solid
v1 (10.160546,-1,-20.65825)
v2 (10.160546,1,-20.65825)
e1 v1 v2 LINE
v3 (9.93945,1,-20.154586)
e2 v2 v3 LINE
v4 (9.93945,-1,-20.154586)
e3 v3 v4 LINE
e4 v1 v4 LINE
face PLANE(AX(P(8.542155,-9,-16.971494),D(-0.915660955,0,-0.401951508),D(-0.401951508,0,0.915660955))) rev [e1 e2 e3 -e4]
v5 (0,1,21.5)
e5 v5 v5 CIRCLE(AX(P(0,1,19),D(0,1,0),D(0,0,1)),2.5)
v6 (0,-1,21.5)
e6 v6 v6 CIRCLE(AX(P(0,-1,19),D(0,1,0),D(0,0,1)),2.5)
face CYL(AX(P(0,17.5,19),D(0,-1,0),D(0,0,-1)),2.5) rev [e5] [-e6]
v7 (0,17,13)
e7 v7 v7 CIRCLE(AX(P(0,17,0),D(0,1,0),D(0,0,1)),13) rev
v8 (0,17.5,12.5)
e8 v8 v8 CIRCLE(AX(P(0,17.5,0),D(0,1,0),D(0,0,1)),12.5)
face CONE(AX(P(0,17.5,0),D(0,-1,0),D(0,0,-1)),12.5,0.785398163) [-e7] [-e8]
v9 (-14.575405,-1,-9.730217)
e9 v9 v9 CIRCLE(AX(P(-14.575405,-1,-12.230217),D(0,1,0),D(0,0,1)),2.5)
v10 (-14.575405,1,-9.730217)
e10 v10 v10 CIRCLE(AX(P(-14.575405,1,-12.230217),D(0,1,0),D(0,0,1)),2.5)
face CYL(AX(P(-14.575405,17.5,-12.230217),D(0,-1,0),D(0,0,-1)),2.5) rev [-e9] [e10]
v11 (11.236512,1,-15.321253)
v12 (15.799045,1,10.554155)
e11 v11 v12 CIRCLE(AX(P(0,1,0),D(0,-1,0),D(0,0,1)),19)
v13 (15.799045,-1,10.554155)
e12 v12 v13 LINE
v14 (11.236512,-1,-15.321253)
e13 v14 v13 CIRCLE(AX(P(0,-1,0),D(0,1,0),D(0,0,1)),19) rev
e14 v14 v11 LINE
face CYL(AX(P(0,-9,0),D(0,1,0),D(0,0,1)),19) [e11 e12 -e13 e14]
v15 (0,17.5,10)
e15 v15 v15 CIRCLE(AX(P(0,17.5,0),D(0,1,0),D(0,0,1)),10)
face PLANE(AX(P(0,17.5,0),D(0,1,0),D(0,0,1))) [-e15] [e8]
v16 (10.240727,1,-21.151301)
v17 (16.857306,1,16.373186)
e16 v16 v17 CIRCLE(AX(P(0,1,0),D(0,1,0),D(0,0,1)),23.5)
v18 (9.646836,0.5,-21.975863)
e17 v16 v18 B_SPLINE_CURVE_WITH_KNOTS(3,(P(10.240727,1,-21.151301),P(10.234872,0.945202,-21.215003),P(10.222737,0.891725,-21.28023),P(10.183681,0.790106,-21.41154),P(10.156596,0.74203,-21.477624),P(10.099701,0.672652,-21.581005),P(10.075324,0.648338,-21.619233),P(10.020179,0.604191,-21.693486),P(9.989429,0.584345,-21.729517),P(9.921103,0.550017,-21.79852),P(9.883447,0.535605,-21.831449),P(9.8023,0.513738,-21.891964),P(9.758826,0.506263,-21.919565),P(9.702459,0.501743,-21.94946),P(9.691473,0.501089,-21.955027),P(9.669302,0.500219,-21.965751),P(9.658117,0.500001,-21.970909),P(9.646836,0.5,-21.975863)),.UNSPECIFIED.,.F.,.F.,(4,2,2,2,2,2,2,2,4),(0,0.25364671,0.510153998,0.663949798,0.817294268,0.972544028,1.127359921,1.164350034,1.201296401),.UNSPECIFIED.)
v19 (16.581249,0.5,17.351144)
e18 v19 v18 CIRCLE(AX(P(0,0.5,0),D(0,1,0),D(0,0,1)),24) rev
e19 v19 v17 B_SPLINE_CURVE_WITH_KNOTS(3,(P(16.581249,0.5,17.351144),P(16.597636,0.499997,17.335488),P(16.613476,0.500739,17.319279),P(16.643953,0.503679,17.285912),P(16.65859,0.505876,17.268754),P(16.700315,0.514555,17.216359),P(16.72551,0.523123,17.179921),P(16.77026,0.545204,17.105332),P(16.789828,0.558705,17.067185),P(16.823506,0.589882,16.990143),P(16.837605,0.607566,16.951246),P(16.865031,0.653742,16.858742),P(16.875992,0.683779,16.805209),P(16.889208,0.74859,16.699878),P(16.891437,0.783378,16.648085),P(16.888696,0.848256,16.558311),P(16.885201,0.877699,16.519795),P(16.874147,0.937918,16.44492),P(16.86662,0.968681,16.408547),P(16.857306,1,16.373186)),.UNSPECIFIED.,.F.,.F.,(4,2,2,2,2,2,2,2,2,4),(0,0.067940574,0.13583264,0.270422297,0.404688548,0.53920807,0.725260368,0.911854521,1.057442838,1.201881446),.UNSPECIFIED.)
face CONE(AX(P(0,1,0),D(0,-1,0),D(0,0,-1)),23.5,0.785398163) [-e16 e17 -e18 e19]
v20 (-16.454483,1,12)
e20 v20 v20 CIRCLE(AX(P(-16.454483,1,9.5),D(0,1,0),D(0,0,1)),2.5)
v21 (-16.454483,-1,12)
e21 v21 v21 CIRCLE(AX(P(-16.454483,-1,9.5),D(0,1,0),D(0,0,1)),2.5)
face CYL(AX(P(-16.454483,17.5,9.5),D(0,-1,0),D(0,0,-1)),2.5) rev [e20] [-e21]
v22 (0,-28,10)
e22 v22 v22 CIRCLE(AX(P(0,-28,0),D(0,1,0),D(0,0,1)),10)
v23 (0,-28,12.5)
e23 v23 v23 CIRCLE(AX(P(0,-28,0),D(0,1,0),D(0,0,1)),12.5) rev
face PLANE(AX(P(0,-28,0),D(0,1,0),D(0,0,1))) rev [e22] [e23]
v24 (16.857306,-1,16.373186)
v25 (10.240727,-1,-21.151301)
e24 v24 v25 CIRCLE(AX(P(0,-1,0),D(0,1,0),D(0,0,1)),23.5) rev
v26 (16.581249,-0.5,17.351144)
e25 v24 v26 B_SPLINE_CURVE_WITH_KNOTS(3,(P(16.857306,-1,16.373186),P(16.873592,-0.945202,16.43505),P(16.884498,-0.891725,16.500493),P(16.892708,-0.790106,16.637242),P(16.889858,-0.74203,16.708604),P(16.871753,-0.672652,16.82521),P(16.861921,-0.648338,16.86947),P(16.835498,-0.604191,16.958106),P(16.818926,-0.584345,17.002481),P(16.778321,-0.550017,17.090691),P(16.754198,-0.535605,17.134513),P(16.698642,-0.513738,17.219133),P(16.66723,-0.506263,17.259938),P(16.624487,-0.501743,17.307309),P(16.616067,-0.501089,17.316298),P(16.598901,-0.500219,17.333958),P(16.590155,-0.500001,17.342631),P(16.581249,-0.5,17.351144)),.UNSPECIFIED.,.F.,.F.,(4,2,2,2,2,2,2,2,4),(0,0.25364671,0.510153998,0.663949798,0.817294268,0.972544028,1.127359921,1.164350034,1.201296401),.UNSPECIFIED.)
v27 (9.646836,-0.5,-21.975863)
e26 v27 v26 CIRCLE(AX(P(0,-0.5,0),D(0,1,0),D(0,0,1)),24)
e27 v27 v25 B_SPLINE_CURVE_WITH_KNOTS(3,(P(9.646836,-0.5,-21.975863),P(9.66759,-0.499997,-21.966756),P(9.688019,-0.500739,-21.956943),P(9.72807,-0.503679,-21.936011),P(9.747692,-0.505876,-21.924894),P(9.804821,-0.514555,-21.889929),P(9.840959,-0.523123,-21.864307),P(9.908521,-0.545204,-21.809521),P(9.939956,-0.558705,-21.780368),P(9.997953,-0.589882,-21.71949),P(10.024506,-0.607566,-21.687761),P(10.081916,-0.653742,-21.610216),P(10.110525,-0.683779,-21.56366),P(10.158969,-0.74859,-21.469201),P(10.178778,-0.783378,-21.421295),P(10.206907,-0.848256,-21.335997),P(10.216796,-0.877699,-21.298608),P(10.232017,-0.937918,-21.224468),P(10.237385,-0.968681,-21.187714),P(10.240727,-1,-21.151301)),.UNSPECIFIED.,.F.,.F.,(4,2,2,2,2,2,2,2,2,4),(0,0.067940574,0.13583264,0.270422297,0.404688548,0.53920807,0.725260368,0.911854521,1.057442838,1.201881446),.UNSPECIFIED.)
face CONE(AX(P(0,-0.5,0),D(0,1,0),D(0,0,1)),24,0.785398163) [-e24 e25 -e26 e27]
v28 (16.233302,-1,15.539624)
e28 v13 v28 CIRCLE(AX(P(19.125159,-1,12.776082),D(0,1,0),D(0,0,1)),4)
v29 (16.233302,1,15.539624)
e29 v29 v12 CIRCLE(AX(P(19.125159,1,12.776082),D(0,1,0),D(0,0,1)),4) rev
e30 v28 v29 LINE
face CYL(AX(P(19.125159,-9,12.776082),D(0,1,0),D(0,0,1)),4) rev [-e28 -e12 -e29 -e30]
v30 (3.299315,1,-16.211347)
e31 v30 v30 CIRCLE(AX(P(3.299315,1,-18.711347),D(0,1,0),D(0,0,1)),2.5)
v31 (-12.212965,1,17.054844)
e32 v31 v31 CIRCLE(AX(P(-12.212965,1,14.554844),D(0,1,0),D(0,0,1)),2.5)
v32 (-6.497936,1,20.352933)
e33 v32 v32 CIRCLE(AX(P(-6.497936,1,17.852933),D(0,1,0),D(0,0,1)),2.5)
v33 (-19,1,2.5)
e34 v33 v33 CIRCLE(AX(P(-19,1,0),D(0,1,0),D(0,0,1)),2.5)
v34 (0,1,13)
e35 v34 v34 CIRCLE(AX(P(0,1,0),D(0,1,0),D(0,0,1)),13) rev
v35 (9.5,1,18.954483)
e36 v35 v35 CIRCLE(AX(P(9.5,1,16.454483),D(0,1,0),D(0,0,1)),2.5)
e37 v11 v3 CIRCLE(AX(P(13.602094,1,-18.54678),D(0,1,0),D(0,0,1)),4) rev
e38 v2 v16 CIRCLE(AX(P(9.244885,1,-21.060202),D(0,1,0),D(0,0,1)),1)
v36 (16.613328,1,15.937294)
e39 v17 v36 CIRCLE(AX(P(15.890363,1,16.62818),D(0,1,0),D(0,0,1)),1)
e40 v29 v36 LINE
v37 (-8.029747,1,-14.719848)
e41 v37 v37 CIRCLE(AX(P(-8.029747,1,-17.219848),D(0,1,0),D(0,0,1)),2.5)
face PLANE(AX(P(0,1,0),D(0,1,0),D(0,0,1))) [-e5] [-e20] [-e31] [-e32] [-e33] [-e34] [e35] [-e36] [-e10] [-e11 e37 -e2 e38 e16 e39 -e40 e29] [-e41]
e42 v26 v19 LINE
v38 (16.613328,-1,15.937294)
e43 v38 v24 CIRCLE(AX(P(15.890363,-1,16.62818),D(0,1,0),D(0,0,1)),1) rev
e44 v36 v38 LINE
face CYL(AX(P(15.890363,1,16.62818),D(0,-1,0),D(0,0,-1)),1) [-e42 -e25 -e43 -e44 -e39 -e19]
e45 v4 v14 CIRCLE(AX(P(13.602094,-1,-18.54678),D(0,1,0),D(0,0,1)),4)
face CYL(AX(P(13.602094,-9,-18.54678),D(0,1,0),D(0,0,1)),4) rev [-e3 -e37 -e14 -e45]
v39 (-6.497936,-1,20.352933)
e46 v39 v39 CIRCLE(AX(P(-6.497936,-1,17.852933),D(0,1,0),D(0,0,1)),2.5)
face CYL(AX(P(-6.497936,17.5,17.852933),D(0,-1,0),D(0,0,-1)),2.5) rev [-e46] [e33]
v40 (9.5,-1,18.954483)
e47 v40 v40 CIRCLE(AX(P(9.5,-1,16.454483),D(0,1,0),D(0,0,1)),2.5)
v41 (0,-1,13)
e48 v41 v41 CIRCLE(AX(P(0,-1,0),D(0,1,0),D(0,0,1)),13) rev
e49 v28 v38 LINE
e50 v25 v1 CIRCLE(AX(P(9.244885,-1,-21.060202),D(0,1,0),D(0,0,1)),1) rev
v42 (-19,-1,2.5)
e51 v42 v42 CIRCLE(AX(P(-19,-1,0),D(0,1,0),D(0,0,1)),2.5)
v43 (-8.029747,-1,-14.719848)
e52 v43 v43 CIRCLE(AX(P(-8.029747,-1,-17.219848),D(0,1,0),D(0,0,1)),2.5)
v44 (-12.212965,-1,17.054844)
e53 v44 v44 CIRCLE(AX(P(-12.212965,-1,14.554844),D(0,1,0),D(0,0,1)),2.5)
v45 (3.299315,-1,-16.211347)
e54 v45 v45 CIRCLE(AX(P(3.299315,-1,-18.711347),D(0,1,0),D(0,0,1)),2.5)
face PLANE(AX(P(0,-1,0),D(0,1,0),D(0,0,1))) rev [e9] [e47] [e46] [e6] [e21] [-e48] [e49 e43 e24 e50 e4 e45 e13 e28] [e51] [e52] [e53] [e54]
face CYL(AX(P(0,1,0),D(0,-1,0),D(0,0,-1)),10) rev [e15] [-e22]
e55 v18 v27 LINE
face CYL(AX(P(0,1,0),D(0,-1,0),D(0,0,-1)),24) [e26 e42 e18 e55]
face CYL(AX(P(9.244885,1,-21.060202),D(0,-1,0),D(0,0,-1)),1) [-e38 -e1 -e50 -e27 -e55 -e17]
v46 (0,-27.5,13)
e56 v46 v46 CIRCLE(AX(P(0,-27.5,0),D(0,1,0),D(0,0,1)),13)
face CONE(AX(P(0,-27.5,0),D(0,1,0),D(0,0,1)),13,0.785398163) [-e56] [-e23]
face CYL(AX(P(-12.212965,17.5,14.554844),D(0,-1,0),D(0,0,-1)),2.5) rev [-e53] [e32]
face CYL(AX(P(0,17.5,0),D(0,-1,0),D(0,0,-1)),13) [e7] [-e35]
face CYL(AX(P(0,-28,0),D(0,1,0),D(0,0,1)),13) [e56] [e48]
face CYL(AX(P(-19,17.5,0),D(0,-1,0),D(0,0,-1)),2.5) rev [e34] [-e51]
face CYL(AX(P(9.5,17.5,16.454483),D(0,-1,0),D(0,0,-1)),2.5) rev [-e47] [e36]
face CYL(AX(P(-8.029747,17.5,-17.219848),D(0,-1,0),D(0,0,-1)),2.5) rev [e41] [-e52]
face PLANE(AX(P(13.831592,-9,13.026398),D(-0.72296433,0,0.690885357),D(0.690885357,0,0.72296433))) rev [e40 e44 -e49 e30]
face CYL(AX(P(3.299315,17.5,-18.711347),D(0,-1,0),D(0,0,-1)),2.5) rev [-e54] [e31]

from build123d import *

# Parameters (mm, degrees)
SKETCH1_R                       = 13
BOSS_EXTRUDE1_DEPTH             = 28
SKETCH3_R                       = 24
BOSS_EXTRUDE2_DEPTH             = 1
SKETCH2_R                       = 10
CUT_EXTRUDE1_DEPTH              = 1
CUT_EXTRUDE1_DEPTH_BACK         = 30
SKETCH9_R                       = 13
BOSS_EXTRUDE3_DEPTH             = 17.5
CHAMFER2_SIZE                   = 0.5
CHAMFER3_SIZE                   = 0.5
CHAMFER4_SIZE                   = 0.5
SKETCH11_R                      = 10
CUT_EXTRUDE5_DEPTH              = 1
CUT_EXTRUDE5_DEPTH_BACK         = 46.5
CHAMFER5_SIZE                   = 0.5
SKETCH7_R                       = 2.5
WYTNIJ_WYCI_GNI_CIE1_DEPTH      = 28
WYTNIJ_WYCI_GNI_CIE1_DEPTH_BACK = 19.5
WYTNIJ_WYCI_GNI_CIE2_DEPTH      = 10
ZAOKR_GLENIE1_R                 = 4
ZAOKR_GLENIE2_R                 = 1


with BuildPart() as part:
    # Sketch1 → Boss-Extrude1 (new body)
    with BuildSketch(Plane(origin=(0, 0, 0), x_dir=(1, 0, 0), z_dir=(0, 1, 0))):
        Circle(SKETCH1_R)
    extrude(amount=-BOSS_EXTRUDE1_DEPTH)

    # Sketch3 → Boss-Extrude2 (add, symmetric)
    with BuildSketch(Plane(origin=(0, 0, 0), x_dir=(1, 0, 0), z_dir=(0, 1, 0))):
        Circle(SKETCH3_R)
    extrude(amount=BOSS_EXTRUDE2_DEPTH, both=True)

    # Sketch2 → Cut-Extrude1 (cut, two sides)
    with BuildSketch(Plane(origin=(0, -28, 0), x_dir=(-1, 0, 0), z_dir=(0, -1, 0))) as cut_extrude1_sk:
        Circle(SKETCH2_R)
    extrude(amount=CUT_EXTRUDE1_DEPTH, mode=Mode.SUBTRACT)
    extrude(cut_extrude1_sk.sketch, amount=-CUT_EXTRUDE1_DEPTH_BACK, mode=Mode.SUBTRACT)

    # Sketch9 → Boss-Extrude3 (add)
    with BuildSketch(Plane(origin=(0, 0, 0), x_dir=(1, 0, 0), z_dir=(0, 1, 0))):
        Circle(SKETCH9_R)
    extrude(amount=BOSS_EXTRUDE3_DEPTH)

    # Chamfer2
    chamfer2_edges = [part.edges().sort_by_distance(p)[0] for p in [
        (-24, -1, 0),
    ]]
    chamfer(chamfer2_edges, length=CHAMFER2_SIZE)

    # Chamfer3
    chamfer3_edges = [part.edges().sort_by_distance(p)[0] for p in [
        (-24, 1, 0),
    ]]
    chamfer(chamfer3_edges, length=CHAMFER3_SIZE)

    # Chamfer4
    chamfer4_edges = [part.edges().sort_by_distance(p)[0] for p in [
        (-13, -28, 0),
    ]]
    chamfer(chamfer4_edges, length=CHAMFER4_SIZE)

    # Sketch11 → Cut-Extrude5 (cut, two sides)
    with BuildSketch(Plane(origin=(0, 17.5, 0), x_dir=(1, 0, 0), z_dir=(0, 1, 0))) as cut_extrude5_sk:
        Circle(SKETCH11_R)
    extrude(amount=CUT_EXTRUDE5_DEPTH, mode=Mode.SUBTRACT)
    extrude(cut_extrude5_sk.sketch, amount=-CUT_EXTRUDE5_DEPTH_BACK, mode=Mode.SUBTRACT)

    # Chamfer5
    chamfer5_edges = [part.edges().sort_by_distance(p)[0] for p in [
        (-13, 17.5, 0),
    ]]
    chamfer(chamfer5_edges, length=CHAMFER5_SIZE)

    # Sketch7 → Wytnij-wyciągnięcie1 (cut, two sides)
    with BuildSketch(Plane.XZ.offset(1)) as wytnij_wyci_gni_cie1_sk:
        with Locations((0, 19)):
            Circle(SKETCH7_R)
        with Locations((3.299315376, -18.711347307)):
            Circle(SKETCH7_R)
        with Locations((-6.497936067, 17.852932618)):
            Circle(SKETCH7_R)
        with Locations((9.5, 16.454482672)):
            Circle(SKETCH7_R)
        with Locations((-19, 0)):
            Circle(SKETCH7_R)
        with Locations((-8.029746973, -17.219847954)):
            Circle(SKETCH7_R)
        with Locations((-12.212964584, 14.554844419)):
            Circle(SKETCH7_R)
        with Locations((-14.575405337, -12.230217242)):
            Circle(SKETCH7_R)
        with Locations((-16.454482672, 9.5)):
            Circle(SKETCH7_R)
    extrude(amount=WYTNIJ_WYCI_GNI_CIE1_DEPTH, mode=Mode.SUBTRACT)
    extrude(wytnij_wyci_gni_cie1_sk.sketch, amount=-WYTNIJ_WYCI_GNI_CIE1_DEPTH_BACK, mode=Mode.SUBTRACT)

    # Szkic1 → Wytnij-wyciągnięcie2 (cut)
    with BuildSketch(Plane(origin=(0, 1, 0), x_dir=(1, 0, 0), z_dir=(0, 1, 0))):
        with BuildLine():
            Line((13.831592317, -13.026398351), (17.289813207, -16.645190274))
            ThreePointArc((17.289813207, -16.645190274), (23.635386072, 4.167556264), (10.554119522, 21.554826863))
            Line((10.554119522, 21.554826863), (8.542154603, 16.971493592))
            ThreePointArc((8.542154603, 16.971493592), (18.711347307, 3.299315376), (13.831592317, -13.026398351))
        make_face()
    extrude(amount=-WYTNIJ_WYCI_GNI_CIE2_DEPTH, mode=Mode.SUBTRACT)

    # Zaokrąglenie1
    zaokr_glenie1_edges = [part.edges().sort_by_distance(p)[0] for p in [
        (13.831592317, 0, 13.026398351),
        (8.542154603, 0, -16.971493592),
    ]]
    fillet(zaokr_glenie1_edges, radius=ZAOKR_GLENIE1_R)

    # Zaokrąglenie2
    zaokr_glenie2_edges = [part.edges().sort_by_distance(p)[0] for p in [
        (10.554119522, 0, -21.554826863),
        (17.289813207, 0, 16.645190274),
    ]]
    fillet(zaokr_glenie2_edges, radius=ZAOKR_GLENIE2_R)


solid = part.part
